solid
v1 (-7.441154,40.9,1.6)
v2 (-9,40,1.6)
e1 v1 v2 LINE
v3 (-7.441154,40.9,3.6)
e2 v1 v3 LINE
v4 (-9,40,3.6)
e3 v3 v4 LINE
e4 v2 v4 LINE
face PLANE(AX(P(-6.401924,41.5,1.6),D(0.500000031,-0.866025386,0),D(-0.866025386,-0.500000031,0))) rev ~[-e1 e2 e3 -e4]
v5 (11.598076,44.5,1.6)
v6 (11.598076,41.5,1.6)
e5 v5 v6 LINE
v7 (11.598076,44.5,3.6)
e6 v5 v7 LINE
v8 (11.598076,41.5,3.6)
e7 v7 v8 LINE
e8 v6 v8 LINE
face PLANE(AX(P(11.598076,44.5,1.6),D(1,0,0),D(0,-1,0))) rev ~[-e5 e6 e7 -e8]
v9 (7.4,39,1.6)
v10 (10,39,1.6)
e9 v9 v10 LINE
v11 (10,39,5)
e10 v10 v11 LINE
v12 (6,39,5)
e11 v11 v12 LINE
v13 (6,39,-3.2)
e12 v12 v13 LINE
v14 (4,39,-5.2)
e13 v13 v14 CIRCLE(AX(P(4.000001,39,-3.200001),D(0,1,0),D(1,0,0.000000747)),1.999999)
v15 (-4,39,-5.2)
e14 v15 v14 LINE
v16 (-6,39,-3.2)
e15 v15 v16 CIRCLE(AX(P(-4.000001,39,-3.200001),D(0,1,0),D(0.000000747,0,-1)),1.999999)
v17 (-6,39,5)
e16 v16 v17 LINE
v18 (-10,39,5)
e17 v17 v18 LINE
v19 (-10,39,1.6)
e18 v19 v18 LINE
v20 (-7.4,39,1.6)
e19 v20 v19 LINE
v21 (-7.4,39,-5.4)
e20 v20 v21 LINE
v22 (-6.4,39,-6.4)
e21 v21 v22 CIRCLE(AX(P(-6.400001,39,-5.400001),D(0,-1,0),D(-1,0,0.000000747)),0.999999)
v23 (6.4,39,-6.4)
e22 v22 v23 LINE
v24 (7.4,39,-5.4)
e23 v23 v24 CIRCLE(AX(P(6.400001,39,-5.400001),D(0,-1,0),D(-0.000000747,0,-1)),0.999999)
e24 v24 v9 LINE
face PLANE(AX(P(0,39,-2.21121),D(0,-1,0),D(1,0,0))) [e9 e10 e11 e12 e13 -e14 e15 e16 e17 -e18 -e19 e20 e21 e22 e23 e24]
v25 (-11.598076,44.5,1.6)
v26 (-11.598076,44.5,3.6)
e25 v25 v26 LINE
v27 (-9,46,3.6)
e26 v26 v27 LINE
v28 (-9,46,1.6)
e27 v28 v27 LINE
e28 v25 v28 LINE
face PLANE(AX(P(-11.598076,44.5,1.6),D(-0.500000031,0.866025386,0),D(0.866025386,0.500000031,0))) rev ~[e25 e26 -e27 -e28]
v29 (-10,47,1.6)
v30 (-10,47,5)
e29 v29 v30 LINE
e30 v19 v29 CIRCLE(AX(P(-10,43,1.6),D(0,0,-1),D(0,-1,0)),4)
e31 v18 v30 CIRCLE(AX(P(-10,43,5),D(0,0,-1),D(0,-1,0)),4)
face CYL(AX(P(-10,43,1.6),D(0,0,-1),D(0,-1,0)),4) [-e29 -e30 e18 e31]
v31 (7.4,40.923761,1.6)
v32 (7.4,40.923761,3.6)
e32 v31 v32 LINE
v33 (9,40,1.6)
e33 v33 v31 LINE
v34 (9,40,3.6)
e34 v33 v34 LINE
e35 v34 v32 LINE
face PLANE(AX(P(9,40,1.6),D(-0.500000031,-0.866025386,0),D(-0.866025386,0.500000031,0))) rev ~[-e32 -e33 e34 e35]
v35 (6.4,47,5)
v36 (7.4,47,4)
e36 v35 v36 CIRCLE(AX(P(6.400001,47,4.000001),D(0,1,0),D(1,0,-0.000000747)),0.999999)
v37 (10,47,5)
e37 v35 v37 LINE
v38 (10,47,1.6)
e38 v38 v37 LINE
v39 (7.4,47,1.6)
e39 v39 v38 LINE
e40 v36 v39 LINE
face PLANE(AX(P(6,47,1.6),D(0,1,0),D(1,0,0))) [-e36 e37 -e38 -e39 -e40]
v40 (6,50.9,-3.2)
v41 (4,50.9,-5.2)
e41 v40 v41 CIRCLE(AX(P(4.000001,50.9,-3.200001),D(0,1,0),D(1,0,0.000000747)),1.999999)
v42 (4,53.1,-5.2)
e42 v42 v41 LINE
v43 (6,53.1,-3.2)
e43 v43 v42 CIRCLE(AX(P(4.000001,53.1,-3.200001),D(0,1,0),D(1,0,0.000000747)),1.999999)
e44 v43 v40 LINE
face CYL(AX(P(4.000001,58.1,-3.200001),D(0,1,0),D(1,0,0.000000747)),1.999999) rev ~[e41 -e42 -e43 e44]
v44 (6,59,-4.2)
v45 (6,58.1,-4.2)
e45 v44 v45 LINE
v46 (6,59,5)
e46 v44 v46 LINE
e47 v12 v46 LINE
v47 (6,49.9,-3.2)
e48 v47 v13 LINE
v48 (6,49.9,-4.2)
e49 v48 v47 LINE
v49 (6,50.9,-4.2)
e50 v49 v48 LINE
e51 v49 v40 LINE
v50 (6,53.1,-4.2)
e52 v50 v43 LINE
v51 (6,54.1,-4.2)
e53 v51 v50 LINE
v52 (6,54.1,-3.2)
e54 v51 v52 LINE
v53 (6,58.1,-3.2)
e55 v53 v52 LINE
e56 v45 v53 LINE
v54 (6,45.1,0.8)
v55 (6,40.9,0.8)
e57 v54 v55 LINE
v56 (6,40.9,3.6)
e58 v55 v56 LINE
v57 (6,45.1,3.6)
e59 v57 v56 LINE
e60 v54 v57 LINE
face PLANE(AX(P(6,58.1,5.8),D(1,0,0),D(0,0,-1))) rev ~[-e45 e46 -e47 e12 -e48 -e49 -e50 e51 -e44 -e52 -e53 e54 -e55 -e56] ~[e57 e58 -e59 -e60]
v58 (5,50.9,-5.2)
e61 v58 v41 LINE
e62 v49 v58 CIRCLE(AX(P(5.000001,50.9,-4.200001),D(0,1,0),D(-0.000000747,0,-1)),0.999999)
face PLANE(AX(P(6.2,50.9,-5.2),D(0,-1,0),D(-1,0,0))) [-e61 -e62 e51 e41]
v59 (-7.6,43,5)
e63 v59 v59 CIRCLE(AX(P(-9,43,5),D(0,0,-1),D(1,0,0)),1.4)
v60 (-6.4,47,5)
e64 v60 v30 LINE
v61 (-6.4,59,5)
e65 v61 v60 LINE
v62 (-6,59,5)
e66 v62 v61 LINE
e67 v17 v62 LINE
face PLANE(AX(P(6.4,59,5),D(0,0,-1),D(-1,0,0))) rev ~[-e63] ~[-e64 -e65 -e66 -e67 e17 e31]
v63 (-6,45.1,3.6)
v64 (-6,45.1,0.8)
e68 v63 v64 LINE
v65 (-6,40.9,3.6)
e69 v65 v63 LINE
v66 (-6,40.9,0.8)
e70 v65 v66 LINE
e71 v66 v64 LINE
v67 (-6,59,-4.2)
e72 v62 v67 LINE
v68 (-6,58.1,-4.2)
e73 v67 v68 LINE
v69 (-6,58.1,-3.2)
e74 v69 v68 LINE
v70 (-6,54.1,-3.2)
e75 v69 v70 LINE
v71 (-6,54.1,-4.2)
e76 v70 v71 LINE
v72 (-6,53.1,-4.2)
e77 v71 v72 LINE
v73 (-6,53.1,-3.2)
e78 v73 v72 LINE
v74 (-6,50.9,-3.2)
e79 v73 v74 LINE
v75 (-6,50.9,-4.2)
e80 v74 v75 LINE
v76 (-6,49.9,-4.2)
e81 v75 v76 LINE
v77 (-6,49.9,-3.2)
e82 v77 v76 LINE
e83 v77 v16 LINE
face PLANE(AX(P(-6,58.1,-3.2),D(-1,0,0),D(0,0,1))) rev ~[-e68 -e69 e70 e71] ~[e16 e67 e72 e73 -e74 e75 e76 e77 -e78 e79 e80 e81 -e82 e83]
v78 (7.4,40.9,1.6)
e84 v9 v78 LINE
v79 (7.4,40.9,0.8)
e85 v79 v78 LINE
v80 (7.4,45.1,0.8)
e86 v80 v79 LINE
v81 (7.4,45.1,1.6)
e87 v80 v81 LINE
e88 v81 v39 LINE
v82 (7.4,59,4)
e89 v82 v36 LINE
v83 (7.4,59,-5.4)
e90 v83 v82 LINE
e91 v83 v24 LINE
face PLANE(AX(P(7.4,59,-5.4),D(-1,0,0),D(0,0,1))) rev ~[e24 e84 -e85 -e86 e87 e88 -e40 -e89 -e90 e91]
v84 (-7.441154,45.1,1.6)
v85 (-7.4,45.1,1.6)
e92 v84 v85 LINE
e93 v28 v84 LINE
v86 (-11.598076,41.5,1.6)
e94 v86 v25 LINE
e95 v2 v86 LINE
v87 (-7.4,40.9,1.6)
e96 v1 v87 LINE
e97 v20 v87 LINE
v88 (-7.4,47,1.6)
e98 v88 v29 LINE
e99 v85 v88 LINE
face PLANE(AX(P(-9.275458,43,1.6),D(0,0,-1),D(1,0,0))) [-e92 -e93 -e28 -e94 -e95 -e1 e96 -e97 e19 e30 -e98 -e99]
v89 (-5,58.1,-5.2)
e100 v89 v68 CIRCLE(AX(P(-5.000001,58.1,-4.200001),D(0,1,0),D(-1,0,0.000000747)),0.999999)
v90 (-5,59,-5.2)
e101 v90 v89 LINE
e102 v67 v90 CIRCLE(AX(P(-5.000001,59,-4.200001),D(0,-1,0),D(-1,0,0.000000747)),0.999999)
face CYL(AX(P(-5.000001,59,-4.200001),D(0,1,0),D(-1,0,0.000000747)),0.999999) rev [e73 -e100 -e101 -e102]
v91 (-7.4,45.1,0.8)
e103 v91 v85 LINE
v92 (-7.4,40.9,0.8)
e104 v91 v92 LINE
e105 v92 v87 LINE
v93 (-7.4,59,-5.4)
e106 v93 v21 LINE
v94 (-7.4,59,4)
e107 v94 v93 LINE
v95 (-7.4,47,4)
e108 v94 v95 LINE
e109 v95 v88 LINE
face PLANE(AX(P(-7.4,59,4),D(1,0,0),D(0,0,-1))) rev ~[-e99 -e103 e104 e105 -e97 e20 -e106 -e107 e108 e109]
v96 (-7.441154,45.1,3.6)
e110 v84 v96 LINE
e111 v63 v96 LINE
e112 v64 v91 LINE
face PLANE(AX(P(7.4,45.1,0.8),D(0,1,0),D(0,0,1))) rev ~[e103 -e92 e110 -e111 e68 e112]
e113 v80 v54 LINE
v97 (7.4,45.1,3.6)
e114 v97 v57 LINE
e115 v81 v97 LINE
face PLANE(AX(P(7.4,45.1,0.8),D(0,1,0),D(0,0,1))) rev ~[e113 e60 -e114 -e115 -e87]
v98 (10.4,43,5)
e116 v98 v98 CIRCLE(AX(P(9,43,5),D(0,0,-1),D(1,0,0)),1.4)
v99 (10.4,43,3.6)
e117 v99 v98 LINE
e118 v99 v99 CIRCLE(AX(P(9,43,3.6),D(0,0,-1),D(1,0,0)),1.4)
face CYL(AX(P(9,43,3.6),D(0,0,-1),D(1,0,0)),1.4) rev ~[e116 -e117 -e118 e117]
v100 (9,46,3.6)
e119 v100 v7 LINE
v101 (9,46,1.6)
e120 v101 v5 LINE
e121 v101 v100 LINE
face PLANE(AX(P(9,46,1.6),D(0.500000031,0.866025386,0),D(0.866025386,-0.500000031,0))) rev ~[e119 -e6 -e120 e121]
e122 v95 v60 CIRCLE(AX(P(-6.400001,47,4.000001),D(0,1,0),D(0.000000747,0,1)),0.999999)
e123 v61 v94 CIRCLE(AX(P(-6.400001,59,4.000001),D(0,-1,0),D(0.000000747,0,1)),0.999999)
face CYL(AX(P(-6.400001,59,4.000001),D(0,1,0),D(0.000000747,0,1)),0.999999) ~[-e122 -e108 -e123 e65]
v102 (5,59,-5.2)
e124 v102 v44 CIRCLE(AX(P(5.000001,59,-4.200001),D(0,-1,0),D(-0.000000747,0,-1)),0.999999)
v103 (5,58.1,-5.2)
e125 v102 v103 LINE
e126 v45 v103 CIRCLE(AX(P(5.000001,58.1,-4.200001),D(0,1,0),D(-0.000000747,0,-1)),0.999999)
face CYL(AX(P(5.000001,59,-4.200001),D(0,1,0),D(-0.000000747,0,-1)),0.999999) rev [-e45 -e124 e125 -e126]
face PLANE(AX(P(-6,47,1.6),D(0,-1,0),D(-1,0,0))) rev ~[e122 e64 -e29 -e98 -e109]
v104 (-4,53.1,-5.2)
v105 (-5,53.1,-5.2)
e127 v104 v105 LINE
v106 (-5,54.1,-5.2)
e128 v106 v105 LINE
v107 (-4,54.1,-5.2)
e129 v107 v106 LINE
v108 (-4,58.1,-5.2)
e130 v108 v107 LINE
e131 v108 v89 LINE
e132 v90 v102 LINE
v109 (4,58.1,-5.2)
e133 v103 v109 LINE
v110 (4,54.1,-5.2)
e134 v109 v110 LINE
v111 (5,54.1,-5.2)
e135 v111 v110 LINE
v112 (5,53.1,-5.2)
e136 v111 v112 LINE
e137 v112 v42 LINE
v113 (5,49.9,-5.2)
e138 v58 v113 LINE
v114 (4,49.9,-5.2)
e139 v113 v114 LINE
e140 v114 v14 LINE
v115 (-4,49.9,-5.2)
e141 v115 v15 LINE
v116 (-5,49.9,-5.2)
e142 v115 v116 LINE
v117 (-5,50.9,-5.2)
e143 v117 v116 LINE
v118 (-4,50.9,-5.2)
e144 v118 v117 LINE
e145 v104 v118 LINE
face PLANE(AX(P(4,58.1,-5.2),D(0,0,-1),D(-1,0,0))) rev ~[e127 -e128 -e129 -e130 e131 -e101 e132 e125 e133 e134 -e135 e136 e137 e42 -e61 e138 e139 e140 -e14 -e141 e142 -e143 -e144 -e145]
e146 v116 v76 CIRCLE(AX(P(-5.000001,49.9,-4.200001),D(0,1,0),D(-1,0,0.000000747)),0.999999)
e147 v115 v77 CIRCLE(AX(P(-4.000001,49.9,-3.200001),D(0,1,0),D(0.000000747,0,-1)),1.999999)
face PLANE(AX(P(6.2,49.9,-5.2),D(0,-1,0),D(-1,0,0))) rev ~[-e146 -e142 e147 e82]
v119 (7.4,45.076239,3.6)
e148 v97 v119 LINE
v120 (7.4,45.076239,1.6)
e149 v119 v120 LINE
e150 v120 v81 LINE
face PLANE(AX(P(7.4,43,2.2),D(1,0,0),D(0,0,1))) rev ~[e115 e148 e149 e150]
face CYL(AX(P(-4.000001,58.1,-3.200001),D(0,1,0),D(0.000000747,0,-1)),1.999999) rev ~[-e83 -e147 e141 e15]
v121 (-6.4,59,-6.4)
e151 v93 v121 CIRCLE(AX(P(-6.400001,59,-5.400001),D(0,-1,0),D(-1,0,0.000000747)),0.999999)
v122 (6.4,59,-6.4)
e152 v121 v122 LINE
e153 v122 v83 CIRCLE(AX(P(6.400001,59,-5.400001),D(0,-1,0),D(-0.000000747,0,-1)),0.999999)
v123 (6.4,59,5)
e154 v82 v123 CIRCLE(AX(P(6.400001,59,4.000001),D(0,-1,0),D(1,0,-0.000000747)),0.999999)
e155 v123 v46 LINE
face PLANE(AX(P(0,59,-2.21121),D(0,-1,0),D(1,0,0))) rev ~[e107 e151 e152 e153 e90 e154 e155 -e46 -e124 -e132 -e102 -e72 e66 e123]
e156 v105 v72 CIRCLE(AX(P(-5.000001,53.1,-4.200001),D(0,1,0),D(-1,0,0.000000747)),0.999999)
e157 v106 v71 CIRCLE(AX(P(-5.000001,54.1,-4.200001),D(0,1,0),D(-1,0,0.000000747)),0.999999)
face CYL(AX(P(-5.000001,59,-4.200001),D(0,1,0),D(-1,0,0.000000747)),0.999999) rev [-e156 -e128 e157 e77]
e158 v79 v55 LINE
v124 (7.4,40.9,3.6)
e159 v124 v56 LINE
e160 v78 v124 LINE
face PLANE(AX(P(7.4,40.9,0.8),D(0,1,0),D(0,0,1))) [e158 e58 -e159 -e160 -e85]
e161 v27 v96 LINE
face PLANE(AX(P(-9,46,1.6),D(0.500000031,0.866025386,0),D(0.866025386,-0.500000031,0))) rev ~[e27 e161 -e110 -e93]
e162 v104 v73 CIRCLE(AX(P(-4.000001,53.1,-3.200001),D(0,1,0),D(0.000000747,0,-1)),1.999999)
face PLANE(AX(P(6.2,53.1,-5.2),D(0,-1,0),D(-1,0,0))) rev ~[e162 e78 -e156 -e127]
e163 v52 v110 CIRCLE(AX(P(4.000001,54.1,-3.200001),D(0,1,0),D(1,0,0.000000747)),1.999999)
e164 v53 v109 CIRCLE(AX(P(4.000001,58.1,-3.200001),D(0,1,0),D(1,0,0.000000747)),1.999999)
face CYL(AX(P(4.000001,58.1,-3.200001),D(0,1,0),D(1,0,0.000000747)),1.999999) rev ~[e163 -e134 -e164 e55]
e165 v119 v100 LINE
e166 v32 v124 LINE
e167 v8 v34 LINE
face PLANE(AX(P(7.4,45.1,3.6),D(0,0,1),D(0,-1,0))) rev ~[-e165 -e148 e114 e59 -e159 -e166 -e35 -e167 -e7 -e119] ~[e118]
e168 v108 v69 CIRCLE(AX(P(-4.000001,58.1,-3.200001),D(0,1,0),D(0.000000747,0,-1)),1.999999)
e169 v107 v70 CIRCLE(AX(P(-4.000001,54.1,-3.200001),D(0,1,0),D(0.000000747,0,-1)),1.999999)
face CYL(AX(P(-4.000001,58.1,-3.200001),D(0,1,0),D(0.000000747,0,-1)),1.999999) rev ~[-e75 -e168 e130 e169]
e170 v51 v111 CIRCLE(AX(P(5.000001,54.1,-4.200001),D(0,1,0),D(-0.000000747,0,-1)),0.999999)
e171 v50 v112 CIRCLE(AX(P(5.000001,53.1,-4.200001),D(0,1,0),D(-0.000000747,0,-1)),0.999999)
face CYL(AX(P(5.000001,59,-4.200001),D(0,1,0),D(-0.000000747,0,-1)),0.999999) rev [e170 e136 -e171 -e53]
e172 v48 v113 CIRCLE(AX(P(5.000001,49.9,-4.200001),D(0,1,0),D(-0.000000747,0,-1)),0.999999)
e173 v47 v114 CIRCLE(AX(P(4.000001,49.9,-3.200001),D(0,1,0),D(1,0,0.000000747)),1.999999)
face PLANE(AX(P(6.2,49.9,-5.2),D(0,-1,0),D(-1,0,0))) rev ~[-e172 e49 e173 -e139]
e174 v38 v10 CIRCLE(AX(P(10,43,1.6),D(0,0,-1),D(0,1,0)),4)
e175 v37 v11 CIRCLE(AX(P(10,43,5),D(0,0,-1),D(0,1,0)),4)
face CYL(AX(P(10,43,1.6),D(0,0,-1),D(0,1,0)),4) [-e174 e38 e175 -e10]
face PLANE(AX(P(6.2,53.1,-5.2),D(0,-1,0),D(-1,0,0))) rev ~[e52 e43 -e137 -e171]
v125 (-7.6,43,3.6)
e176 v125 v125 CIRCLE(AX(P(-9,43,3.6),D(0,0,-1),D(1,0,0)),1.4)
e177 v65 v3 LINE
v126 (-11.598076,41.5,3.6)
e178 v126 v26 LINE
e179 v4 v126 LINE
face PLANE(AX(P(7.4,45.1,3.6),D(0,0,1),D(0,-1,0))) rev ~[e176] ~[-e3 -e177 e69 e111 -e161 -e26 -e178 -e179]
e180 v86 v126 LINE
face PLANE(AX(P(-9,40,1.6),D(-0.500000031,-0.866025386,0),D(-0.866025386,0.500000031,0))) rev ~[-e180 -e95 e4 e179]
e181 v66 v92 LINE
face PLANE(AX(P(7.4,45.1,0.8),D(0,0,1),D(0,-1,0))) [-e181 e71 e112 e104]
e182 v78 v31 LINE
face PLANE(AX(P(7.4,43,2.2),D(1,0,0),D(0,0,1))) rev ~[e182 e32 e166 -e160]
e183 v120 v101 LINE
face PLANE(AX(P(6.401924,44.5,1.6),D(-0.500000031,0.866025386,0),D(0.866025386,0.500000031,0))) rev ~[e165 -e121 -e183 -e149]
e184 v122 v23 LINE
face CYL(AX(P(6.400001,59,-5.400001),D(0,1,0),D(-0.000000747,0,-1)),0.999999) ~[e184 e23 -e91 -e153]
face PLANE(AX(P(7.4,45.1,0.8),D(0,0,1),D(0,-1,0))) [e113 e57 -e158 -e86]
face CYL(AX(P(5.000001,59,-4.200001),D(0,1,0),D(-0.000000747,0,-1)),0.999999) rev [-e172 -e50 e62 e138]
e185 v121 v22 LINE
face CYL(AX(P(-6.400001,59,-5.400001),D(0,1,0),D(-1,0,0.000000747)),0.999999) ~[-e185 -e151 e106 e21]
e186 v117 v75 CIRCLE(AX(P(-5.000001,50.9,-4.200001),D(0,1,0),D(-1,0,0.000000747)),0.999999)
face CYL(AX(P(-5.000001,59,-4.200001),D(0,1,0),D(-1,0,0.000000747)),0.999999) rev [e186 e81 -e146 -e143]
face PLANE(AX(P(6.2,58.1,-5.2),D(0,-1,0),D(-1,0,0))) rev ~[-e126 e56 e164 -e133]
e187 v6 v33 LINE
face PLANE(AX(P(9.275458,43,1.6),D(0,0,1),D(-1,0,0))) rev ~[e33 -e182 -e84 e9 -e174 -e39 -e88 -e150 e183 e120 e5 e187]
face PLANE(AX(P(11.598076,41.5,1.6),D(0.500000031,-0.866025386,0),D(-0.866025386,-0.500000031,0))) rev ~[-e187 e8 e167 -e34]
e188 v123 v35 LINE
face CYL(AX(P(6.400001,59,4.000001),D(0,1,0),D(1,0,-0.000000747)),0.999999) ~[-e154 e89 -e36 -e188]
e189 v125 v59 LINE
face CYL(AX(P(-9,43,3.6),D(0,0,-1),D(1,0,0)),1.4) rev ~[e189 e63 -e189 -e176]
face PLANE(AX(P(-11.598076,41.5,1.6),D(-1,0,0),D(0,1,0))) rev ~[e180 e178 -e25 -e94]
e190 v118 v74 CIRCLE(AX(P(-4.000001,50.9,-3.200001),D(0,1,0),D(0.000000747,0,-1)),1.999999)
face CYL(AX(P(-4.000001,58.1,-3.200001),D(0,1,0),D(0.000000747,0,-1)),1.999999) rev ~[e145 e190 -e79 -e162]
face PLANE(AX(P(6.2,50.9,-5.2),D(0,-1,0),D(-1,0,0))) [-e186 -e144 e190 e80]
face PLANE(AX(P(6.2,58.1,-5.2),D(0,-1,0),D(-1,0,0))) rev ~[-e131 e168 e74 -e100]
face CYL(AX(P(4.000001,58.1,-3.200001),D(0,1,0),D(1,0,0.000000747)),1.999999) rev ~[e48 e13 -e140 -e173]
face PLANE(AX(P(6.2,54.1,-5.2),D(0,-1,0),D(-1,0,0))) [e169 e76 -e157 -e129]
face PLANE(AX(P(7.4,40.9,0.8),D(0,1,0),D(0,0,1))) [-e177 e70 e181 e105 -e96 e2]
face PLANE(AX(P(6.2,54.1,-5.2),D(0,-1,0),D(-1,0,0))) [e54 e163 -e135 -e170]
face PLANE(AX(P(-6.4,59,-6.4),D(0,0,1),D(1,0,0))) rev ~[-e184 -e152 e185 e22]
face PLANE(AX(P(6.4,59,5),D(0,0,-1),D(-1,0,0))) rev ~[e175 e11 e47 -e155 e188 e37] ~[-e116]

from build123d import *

# Parameters (mm, degrees)
PAD006_DEPTH    = 20
SKETCH009_W     = 12.4
SKETCH009_H     = 4
SKETCH009_H_2   = 2.2
SKETCH009_H_3   = 10.9
PAD007_DEPTH    = 10.2
POCKET002_DEPTH = 19.101
PAD008_START    = -8
PAD008_DEPTH    = 3.4
POCKET003_DEPTH = 2
SKETCH013_R     = 1.4
POCKET004_DEPTH = 1.401
SKETCH015_W     = 2.8
SKETCH015_H     = 4.2
POCKET005_DEPTH = 16


with BuildPart() as part:
    # Sketch008 → Pad006 (new body)
    with BuildSketch(Plane.XZ):
        with BuildLine():
            Line((6.4, 5), (6, 5))
            Line((6, -4.2), (6, 5))
            ThreePointArc((5, -5.2), (5.707107, -4.907107), (6, -4.2))
            Line((-5, -5.2), (5, -5.2))
            ThreePointArc((-6, -4.2), (-5.707107, -4.907107), (-5, -5.2))
            Line((-6, 5), (-6, -4.2))
            Line((-6, 5), (-6.4, 5))
            ThreePointArc((-6.4, 5), (-7.107107, 4.707107), (-7.4, 4))
            Line((-7.4, 4), (-7.4, -5.4))
            ThreePointArc((-7.4, -5.4), (-7.107107, -6.107107), (-6.4, -6.4))
            Line((-6.4, -6.4), (6.4, -6.4))
            ThreePointArc((6.4, -6.4), (7.107107, -6.107107), (7.4, -5.4))
            Line((7.4, -5.4), (7.4, 4))
            ThreePointArc((7.4, 4), (7.107107, 4.707107), (6.4, 5))
        make_face()
    extrude(amount=PAD006_DEPTH)

    # Sketch009 (on Face12 of Pad006) → Pad007 (join)
    with BuildSketch(Plane(origin=(0, 0, -5.2), x_dir=(-1, 0, 0), z_dir=(0, 0, 1))):
        with Locations((0, 2.9)):
            Rectangle(SKETCH009_W, SKETCH009_H)
        with Locations((0, 7)):
            Rectangle(SKETCH009_W, SKETCH009_H_2)
        with Locations((0, 14.55)):
            Rectangle(SKETCH009_W, SKETCH009_H_3)
    extrude(amount=PAD007_DEPTH)

    # Sketch010 (on Face14 of Pad007) → Pocket002 (cut, through all)
    with BuildSketch(Plane(origin=(0, -0.9, 0), x_dir=(1, 0, 0), z_dir=(0, 1, 0))):
        with BuildLine():
            Line((-4, -7.8), (4, -7.8))
            ThreePointArc((4, -7.8), (5.414214, -7.214214), (6, -5.8))
            Line((6, -5.8), (6, 3.2))
            ThreePointArc((6, 3.2), (5.414214, 4.614214), (4, 5.2))
            Line((4, 5.2), (-4, 5.2))
            ThreePointArc((-4, 5.2), (-5.414214, 4.614214), (-6, 3.2))
            Line((-6, 3.2), (-6, -5.8))
            ThreePointArc((-6, -5.8), (-5.414214, -7.214214), (-4, -7.8))
        make_face()
    extrude(amount=-POCKET002_DEPTH, mode=Mode.SUBTRACT)

    # Sketch011 (on Face6 of Pocket002) → Pad008 (join)
    with BuildSketch(Plane(origin=(0, 0, -6.4), x_dir=(1, 0, 0), z_dir=(0, 0, -1)).offset(PAD008_START)):
        with BuildLine():
            Line((-6, 20), (-10, 20))
            ThreePointArc((-10, 20), (-14, 16), (-10, 12))
            Line((-6, 12), (-10, 12))
            Line((-6, 20), (-6, 12))
        make_face()
        with BuildLine():
            Line((6, 20), (10, 20))
            ThreePointArc((10, 12), (14, 16), (10, 20))
            Line((6, 12), (10, 12))
            Line((6, 20), (6, 12))
        make_face()
    extrude(amount=-PAD008_DEPTH)

    # Sketch012 (on Face15 of Pad008) → Pocket003 (cut)
    with BuildSketch(Plane(origin=(0, 0, 1.6), x_dir=(1, 0, 0), z_dir=(0, 0, -1))):
        Polygon((-6.401924, 14.5), (-6.401924, 17.5), (-9, 19), (-11.598076, 17.5), (-11.598076, 14.5), (-9, 13), align=None)
        Polygon((11.598076, 14.5), (11.598076, 17.5), (9, 19), (6.401924, 17.5), (6.401924, 14.5), (9, 13), align=None)
    extrude(amount=-POCKET003_DEPTH, mode=Mode.SUBTRACT)

    # Sketch013 (on Face57 of Pocket003) → Pocket004 (cut, through all)
    with BuildSketch(Plane(origin=(0, 0, 3.6), x_dir=(1, 0, 0), z_dir=(0, 0, -1))):
        with Locations((-9, 16)):
            Circle(SKETCH013_R)
        with Locations((9, 16)):
            Circle(SKETCH013_R)
    extrude(amount=-POCKET004_DEPTH, mode=Mode.SUBTRACT)

    # Sketch015 (on Face8 of Pocket004) → Pocket005 (cut)
    with BuildSketch(Plane(origin=(7.4, 0, 0), x_dir=(0, 0, 1), z_dir=(1, 0, 0))):
        with Locations((2.2, 16)):
            Rectangle(SKETCH015_W, SKETCH015_H)
    extrude(amount=-POCKET005_DEPTH, mode=Mode.SUBTRACT)


with BuildPart() as part_1:
    # Body002 placement: moved
    add(part.part.moved(Location((0, 59, 0))))


solid = part_1.part
